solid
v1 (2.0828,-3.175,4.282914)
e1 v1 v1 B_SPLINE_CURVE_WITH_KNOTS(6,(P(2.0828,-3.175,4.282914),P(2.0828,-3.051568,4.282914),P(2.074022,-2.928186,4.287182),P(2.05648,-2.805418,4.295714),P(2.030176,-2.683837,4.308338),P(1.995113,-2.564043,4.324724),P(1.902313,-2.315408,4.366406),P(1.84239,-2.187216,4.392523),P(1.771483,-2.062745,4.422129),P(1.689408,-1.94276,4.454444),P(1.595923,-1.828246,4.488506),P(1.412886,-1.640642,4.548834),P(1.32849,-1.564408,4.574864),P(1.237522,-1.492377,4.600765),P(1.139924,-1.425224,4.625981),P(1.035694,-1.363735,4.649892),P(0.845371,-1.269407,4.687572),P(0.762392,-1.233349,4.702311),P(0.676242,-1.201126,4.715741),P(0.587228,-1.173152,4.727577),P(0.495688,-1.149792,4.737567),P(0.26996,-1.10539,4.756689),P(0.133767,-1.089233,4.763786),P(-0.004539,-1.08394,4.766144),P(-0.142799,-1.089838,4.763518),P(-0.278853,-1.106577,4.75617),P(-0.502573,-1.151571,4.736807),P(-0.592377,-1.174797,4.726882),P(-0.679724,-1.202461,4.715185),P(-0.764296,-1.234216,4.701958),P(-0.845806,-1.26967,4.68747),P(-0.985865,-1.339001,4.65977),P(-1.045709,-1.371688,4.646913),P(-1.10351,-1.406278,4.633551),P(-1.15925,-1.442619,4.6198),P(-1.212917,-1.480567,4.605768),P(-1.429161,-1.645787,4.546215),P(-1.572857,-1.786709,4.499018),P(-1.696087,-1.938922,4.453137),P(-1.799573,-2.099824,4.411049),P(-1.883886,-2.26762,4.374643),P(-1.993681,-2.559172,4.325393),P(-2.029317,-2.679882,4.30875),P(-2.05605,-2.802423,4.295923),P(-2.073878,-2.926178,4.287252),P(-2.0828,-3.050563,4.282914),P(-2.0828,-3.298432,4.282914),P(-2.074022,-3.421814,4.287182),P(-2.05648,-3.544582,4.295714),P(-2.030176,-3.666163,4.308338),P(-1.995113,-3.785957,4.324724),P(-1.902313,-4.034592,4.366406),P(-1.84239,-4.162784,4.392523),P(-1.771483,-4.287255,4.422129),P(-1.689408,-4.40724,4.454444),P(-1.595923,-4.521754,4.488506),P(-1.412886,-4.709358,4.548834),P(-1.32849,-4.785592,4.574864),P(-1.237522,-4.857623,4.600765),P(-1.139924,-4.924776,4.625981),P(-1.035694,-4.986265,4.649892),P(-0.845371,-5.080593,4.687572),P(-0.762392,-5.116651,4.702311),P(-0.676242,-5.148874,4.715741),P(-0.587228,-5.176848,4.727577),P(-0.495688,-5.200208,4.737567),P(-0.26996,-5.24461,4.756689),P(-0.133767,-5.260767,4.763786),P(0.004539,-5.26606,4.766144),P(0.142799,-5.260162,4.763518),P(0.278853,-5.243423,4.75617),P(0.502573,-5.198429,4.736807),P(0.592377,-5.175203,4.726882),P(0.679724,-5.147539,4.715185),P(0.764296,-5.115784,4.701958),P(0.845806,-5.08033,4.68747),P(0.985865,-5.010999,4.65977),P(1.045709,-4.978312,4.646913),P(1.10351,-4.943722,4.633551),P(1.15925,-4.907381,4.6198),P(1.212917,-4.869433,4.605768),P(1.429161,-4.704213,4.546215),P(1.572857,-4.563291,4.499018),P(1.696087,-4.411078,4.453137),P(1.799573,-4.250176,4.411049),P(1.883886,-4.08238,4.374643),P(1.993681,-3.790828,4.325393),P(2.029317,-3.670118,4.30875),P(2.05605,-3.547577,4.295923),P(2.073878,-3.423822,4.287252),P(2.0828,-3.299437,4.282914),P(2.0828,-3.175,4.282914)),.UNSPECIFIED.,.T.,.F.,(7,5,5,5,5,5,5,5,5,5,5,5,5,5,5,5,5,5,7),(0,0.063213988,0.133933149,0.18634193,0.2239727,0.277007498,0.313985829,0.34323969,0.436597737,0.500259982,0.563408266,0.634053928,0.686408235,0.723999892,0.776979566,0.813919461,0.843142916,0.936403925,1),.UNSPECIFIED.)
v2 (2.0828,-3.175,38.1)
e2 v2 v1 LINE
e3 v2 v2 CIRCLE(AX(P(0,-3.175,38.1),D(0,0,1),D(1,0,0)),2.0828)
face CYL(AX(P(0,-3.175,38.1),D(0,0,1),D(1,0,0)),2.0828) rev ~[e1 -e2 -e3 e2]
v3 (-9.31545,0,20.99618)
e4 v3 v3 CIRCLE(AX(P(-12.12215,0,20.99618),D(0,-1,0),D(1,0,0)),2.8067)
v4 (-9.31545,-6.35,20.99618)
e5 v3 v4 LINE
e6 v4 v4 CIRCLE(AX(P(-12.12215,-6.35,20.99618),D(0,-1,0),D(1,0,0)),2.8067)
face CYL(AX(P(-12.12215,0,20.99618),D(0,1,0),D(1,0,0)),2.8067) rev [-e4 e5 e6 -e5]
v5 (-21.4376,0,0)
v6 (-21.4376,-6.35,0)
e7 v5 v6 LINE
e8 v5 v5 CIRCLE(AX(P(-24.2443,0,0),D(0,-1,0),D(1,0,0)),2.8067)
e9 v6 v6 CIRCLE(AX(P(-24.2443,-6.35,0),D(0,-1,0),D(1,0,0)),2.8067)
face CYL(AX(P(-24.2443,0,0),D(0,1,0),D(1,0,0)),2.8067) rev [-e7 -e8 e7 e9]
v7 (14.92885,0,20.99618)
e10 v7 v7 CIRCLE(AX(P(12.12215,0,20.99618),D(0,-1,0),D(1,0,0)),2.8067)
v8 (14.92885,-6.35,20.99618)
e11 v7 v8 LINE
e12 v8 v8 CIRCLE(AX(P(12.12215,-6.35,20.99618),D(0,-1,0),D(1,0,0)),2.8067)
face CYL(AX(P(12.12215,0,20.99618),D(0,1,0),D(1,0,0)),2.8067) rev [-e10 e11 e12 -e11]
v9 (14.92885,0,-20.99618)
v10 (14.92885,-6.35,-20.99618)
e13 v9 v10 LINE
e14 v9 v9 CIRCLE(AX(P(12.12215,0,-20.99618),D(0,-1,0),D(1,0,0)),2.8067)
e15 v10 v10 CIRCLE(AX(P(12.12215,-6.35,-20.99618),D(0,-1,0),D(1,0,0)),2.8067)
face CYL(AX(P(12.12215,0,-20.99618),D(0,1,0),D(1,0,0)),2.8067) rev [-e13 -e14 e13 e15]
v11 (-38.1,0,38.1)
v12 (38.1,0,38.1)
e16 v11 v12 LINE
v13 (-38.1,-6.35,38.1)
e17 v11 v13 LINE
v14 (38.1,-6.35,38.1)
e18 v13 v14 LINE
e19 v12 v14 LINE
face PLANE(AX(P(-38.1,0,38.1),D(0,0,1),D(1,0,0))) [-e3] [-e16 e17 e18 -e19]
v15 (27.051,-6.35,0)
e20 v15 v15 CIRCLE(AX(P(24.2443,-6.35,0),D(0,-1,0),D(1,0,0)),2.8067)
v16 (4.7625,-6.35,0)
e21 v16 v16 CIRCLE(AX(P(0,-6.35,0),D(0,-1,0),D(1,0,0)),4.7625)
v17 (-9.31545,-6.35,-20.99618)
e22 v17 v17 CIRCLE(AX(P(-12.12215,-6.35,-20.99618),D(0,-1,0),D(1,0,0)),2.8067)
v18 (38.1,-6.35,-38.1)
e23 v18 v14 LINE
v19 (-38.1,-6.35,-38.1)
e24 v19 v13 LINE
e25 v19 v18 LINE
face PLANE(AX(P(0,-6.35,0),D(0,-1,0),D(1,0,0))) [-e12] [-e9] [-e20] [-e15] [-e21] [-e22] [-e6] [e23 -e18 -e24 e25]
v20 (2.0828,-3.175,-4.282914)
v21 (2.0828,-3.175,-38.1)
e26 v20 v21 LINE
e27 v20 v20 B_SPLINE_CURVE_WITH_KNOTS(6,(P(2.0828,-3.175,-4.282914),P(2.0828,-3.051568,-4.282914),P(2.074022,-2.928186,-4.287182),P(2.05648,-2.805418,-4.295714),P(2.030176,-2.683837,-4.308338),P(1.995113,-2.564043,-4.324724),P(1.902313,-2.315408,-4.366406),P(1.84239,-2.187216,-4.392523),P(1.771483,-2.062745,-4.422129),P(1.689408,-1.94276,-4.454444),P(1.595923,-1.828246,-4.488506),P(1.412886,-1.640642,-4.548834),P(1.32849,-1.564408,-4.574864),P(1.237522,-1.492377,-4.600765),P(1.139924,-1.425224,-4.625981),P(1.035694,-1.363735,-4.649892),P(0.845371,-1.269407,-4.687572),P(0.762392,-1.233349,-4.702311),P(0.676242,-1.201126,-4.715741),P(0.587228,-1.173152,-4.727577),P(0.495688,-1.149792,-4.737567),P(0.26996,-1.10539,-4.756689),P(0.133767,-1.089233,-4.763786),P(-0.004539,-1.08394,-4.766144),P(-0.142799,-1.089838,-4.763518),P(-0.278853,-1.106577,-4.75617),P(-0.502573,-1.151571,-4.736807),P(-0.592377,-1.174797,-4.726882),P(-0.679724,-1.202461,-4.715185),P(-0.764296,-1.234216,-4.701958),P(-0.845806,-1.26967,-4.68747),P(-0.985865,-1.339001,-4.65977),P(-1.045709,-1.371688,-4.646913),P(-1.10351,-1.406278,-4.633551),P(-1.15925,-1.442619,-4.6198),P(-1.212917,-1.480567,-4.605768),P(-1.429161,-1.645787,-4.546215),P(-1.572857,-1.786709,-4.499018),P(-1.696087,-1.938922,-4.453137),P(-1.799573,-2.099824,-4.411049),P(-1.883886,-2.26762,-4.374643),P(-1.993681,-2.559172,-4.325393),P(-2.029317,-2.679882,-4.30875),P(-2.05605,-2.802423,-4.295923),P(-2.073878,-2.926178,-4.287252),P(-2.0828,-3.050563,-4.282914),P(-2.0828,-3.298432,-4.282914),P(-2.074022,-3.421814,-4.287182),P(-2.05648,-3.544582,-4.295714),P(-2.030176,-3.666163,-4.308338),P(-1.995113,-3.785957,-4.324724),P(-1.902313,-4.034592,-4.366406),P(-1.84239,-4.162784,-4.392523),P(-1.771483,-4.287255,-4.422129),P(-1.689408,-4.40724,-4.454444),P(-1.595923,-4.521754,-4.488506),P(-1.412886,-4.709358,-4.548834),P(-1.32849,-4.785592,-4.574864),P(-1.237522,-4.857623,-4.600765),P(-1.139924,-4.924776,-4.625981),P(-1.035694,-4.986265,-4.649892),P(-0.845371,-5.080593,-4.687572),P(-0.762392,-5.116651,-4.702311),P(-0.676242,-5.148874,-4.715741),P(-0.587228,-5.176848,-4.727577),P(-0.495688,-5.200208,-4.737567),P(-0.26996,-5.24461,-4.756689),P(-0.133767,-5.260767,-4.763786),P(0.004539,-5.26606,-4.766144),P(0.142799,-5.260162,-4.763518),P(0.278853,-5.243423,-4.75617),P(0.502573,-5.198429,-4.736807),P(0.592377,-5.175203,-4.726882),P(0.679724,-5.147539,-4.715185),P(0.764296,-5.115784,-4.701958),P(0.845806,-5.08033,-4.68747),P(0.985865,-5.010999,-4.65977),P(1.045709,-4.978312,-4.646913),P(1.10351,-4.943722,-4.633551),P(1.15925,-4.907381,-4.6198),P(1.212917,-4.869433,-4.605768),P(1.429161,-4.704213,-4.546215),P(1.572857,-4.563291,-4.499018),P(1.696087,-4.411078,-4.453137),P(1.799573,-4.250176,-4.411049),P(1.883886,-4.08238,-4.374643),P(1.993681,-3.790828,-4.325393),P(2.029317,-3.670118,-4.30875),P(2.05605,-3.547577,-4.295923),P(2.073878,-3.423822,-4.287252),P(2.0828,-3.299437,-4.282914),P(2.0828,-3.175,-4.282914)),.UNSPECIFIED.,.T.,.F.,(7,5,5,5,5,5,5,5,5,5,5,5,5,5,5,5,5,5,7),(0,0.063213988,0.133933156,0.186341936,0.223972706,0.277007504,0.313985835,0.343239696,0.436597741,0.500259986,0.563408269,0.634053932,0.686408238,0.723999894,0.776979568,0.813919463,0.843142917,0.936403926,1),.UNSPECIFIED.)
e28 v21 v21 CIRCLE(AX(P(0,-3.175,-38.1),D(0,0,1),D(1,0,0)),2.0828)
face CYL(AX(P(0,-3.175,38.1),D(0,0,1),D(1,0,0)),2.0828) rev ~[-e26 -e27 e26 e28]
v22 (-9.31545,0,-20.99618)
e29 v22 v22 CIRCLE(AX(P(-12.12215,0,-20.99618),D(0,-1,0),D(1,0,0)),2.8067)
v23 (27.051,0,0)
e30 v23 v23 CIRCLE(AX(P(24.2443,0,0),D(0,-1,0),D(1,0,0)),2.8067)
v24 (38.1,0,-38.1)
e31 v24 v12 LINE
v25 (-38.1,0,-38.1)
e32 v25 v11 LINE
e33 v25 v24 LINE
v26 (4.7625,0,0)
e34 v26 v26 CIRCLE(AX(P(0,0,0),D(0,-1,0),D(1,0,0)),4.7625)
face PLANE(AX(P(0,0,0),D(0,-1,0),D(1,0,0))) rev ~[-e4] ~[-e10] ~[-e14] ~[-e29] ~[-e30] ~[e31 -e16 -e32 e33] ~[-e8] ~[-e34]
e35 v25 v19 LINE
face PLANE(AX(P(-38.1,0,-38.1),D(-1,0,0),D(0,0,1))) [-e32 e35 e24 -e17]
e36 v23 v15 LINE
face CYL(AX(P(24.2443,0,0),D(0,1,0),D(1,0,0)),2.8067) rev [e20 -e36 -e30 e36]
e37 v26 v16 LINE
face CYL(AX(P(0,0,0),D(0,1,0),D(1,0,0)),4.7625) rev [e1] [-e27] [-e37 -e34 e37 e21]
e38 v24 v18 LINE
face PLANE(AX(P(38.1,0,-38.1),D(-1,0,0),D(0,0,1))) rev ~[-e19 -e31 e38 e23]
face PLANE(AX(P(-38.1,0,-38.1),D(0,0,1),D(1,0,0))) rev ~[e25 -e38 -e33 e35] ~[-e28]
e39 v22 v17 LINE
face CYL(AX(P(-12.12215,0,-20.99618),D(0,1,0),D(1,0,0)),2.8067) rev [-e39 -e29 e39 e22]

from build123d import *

# Parameters (mm, degrees)
F0_W     = 76.2
F0_H     = 76.2
F0_R     = 2.8067
F0_R_2   = 4.7625
F1_DEPTH = 6.35
F2_R     = 2.0828
F3_DEPTH = 76.201


with BuildPart() as f1:
    # F0 (on Front) → F1 (new body)
    with BuildSketch(Plane.XZ):
        Rectangle(F0_W, F0_H)
        with Locations((-12.12215, -20.99618)):
            Circle(F0_R, mode=Mode.SUBTRACT)
        with Locations((12.12215, -20.99618)):
            Circle(F0_R, mode=Mode.SUBTRACT)
        with Locations((-24.2443, 0)):
            Circle(F0_R, mode=Mode.SUBTRACT)
        with Locations((-12.12215, 20.99618)):
            Circle(F0_R, mode=Mode.SUBTRACT)
        Circle(F0_R_2, mode=Mode.SUBTRACT)
        with Locations((24.2443, 0)):
            Circle(F0_R, mode=Mode.SUBTRACT)
        with Locations((12.12215, 20.99618)):
            Circle(F0_R, mode=Mode.SUBTRACT)
    extrude(amount=F1_DEPTH)

    # F2 (on face) → F3 (cut, through all)
    with BuildSketch(Plane.XY.offset(38.1)):
        with Locations((0, -3.175)):
            Circle(F2_R)
    extrude(amount=-F3_DEPTH, mode=Mode.SUBTRACT)


solid = f1.part
